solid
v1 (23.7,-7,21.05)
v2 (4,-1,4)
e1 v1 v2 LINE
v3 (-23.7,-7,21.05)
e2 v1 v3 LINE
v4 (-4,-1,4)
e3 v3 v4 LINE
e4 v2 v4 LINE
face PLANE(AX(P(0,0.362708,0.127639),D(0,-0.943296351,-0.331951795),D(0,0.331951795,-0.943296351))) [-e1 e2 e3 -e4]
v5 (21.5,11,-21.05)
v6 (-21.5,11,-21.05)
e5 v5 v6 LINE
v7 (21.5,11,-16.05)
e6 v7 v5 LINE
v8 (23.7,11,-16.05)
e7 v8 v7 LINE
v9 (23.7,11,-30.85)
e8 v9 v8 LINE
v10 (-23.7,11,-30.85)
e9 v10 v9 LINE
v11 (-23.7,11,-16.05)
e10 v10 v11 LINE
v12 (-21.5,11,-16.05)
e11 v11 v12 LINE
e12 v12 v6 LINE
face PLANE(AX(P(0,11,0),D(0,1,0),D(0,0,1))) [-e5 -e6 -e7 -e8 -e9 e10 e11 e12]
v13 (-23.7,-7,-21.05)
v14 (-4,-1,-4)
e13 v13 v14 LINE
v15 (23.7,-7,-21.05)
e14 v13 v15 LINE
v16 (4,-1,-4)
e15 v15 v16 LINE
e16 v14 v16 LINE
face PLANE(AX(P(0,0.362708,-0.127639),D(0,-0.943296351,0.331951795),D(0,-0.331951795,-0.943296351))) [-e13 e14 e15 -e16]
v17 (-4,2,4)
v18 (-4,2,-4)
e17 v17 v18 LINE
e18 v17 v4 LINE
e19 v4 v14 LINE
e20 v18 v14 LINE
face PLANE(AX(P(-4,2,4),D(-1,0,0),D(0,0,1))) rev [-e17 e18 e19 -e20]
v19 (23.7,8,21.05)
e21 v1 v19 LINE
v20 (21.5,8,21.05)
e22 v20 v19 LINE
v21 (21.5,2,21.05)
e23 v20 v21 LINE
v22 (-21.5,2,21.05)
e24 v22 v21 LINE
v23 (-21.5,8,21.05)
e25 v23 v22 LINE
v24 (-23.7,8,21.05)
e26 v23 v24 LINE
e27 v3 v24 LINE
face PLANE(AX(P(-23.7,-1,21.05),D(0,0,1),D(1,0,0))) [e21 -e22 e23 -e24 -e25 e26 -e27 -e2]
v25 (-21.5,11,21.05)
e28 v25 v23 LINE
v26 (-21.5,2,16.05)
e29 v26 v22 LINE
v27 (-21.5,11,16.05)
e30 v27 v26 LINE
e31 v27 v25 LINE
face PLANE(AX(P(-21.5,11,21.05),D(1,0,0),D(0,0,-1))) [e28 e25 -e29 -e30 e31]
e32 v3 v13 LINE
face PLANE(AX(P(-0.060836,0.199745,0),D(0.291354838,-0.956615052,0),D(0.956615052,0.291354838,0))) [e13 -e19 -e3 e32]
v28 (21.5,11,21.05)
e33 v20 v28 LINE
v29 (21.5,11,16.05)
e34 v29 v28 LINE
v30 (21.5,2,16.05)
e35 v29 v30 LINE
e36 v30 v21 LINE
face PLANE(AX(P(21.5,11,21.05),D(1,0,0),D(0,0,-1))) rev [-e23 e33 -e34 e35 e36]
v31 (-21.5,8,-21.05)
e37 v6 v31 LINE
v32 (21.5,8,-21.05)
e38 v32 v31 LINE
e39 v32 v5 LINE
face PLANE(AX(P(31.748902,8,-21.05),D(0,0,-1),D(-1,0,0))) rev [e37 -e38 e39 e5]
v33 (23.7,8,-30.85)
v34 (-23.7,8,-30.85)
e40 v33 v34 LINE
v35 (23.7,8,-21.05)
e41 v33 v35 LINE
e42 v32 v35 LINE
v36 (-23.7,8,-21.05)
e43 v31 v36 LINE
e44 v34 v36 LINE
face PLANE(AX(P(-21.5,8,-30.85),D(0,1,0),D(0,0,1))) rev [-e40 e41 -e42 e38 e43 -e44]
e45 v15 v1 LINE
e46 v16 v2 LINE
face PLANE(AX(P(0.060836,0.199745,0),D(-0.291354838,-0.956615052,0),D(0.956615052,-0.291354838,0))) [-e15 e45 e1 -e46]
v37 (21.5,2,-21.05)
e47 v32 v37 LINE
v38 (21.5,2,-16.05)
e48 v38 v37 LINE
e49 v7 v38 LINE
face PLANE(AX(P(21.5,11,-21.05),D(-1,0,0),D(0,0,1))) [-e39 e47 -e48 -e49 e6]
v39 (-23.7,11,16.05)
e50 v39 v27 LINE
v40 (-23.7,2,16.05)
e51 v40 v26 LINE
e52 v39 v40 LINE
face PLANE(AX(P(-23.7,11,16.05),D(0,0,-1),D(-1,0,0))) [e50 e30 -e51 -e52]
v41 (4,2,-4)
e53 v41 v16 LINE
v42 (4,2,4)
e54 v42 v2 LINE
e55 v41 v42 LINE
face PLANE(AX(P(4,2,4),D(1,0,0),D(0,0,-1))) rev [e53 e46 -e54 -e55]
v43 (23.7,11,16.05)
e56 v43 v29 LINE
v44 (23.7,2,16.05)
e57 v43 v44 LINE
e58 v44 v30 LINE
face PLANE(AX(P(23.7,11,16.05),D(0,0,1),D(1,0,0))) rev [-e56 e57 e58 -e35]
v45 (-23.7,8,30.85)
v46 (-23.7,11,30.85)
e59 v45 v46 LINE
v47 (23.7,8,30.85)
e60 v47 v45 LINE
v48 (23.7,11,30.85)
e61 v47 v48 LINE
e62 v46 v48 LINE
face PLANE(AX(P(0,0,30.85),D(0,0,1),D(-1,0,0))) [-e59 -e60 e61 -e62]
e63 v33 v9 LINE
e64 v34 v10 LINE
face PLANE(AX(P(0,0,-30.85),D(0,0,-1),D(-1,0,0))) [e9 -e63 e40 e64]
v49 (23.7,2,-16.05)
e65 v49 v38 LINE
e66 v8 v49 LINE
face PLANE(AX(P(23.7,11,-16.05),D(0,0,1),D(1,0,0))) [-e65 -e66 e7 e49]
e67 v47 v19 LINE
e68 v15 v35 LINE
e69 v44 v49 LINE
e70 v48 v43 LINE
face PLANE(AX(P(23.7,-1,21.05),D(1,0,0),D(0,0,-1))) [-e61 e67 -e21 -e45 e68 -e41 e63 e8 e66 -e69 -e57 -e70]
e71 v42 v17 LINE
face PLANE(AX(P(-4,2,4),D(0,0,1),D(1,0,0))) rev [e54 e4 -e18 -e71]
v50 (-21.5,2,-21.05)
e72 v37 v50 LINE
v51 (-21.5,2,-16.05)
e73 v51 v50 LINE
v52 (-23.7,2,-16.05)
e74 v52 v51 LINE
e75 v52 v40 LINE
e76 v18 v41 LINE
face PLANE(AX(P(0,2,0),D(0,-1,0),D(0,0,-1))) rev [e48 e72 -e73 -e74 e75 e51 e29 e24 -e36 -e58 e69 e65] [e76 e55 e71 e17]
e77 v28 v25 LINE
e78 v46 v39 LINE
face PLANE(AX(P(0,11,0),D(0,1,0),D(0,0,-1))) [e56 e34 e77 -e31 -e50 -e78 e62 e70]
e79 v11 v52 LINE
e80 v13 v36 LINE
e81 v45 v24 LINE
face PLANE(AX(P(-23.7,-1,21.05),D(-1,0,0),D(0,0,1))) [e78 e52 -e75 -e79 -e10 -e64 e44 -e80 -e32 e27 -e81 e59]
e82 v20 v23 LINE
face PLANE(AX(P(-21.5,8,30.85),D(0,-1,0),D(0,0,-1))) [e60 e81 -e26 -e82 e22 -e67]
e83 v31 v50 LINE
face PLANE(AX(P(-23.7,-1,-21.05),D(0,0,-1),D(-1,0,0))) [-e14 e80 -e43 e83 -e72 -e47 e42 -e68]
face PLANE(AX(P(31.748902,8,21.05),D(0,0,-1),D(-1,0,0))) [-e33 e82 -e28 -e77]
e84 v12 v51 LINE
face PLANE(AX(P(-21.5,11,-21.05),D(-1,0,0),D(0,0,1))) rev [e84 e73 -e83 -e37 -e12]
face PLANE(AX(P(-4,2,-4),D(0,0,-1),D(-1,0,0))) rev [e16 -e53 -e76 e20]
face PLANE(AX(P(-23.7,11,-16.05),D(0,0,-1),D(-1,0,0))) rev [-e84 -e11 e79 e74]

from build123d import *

# Parameters (mm, degrees)
BOSS_EXTRUDE1_DEPTH      = 2
BOSS_EXTRUDE1_DEPTH_BACK = 1
SKETCH3_W                = 47.4
SKETCH3_H                = 42.1
SKETCH4_W                = 2.2
SKETCH4_H                = 5
BOSS_EXTRUDE2_DEPTH      = 9
SKETCH6_W                = 2.2
SKETCH6_H                = 3
BOSS_EXTRUDE3_DEPTH      = 9.8
BOSS_EXTRUDE5_REACH      = 57.819
SKETCH10_W               = 9.8
SKETCH10_H               = 3
MIRROR3_COPY_1_SKETCH_W  = 2.2
MIRROR3_COPY_1_SKETCH_H  = 5
MIRROR3_COPY_1_DEPTH     = 9
MIRROR3_COPY_2_SKETCH_W  = 2.2
MIRROR3_COPY_2_SKETCH_H  = 3
MIRROR3_COPY_2_DEPTH     = 9.8
SKETCH7_W                = 8
SKETCH7_H                = 8
CUT_EXTRUDE1_DEPTH       = 3
SKETCH12_W               = 47.4
SKETCH12_H               = 42.1
BOSS_EXTRUDE6_DEPTH      = 6


with BuildPart() as part:
    # Sketch3 → Boss-Extrude1 (new, two sides: drawn at the far end of the back side and taken through both)
    with BuildSketch(Plane(origin=(0, 0, 0), x_dir=(1, 0, 0), z_dir=(0, 1, 0)).offset(-BOSS_EXTRUDE1_DEPTH_BACK)):
        Rectangle(SKETCH3_W, SKETCH3_H)
    extrude(amount=BOSS_EXTRUDE1_DEPTH + BOSS_EXTRUDE1_DEPTH_BACK)

    # Sketch4 → Boss-Extrude2 (add)
    with BuildSketch(Plane(origin=(0, 2, 0), x_dir=(1, 0, 0), z_dir=(0, 1, 0))):
        with Locations((-22.6, 18.55)):
            Rectangle(SKETCH4_W, SKETCH4_H)
    boss_extrude2 = extrude(amount=BOSS_EXTRUDE2_DEPTH)

    # Sketch6 → Boss-Extrude3 (add)
    with BuildSketch(Plane(origin=(0, 0, -21.05), x_dir=(-1, 0, 0), z_dir=(0, 0, -1))):
        with Locations((22.6, 9.5)):
            Rectangle(SKETCH6_W, SKETCH6_H)
    boss_extrude3 = extrude(amount=BOSS_EXTRUDE3_DEPTH)

    # Mirror1: Boss-Extrude2, Boss-Extrude3 across plane
    add(boss_extrude2.mirror(Plane(origin=(0, 0, 0), x_dir=(0, 0, 1), z_dir=(1, 0, 0))))
    add(boss_extrude3.mirror(Plane(origin=(0, 0, 0), x_dir=(0, 0, 1), z_dir=(1, 0, 0))))

    # Sketch10 → Boss-Extrude5 (add, up to next)
    with BuildSketch(Plane(origin=(-21.5, 0, 0), x_dir=(0, 0, -1), z_dir=(1, 0, 0)), mode=Mode.PRIVATE) as boss_extrude5_sk1:
        with Locations((25.95, 9.5)):
            Rectangle(SKETCH10_W, SKETCH10_H)
    boss_extrude5_tool1 = extrude(boss_extrude5_sk1.sketch, amount=BOSS_EXTRUDE5_REACH, mode=Mode.PRIVATE) - part.part
    boss_extrude5 = boss_extrude5_tool1.solids().sort_by_distance((-21.5, 9.5, -25.95))[0]
    add(boss_extrude5)

    # Mirror3: Boss-Extrude2, Boss-Extrude3, Boss-Extrude5 across plane
    add(boss_extrude2.mirror(Plane.XY))
    add(boss_extrude3.mirror(Plane.XY))
    add(boss_extrude5.mirror(Plane.XY))

    # Mirror3 copy 1 sketch → Mirror3 copy 1 (add)
    with BuildSketch(Plane(origin=(0, 2, 0), x_dir=(-1, 0, 0), z_dir=(0, 1, 0))):
        with Locations((-22.6, 18.55)):
            Rectangle(MIRROR3_COPY_1_SKETCH_W, MIRROR3_COPY_1_SKETCH_H)
    extrude(amount=MIRROR3_COPY_1_DEPTH)

    # Mirror3 copy 2 sketch → Mirror3 copy 2 (add)
    with BuildSketch(Plane.XY.offset(21.05)):
        with Locations((22.6, 9.5)):
            Rectangle(MIRROR3_COPY_2_SKETCH_W, MIRROR3_COPY_2_SKETCH_H)
    extrude(amount=MIRROR3_COPY_2_DEPTH)

    # Sketch7 → Cut-Extrude1 (cut)
    with BuildSketch(Plane.XZ.offset(1)):
        Rectangle(SKETCH7_W, SKETCH7_H)
    extrude(amount=-CUT_EXTRUDE1_DEPTH, mode=Mode.SUBTRACT)

    # Sketch12 → Boss-Extrude6 (add)
    with BuildSketch(Plane.XZ.offset(1)):
        Rectangle(SKETCH12_W, SKETCH12_H)
    extrude(amount=BOSS_EXTRUDE6_DEPTH)

    # loft from a face of the part (cut_loft1)
    loft([part.faces().sort_by_distance((0, -7, 0))[0], part.faces().sort_by_distance((0, -1, 0))[0]], mode=Mode.SUBTRACT)


solid = part.part
